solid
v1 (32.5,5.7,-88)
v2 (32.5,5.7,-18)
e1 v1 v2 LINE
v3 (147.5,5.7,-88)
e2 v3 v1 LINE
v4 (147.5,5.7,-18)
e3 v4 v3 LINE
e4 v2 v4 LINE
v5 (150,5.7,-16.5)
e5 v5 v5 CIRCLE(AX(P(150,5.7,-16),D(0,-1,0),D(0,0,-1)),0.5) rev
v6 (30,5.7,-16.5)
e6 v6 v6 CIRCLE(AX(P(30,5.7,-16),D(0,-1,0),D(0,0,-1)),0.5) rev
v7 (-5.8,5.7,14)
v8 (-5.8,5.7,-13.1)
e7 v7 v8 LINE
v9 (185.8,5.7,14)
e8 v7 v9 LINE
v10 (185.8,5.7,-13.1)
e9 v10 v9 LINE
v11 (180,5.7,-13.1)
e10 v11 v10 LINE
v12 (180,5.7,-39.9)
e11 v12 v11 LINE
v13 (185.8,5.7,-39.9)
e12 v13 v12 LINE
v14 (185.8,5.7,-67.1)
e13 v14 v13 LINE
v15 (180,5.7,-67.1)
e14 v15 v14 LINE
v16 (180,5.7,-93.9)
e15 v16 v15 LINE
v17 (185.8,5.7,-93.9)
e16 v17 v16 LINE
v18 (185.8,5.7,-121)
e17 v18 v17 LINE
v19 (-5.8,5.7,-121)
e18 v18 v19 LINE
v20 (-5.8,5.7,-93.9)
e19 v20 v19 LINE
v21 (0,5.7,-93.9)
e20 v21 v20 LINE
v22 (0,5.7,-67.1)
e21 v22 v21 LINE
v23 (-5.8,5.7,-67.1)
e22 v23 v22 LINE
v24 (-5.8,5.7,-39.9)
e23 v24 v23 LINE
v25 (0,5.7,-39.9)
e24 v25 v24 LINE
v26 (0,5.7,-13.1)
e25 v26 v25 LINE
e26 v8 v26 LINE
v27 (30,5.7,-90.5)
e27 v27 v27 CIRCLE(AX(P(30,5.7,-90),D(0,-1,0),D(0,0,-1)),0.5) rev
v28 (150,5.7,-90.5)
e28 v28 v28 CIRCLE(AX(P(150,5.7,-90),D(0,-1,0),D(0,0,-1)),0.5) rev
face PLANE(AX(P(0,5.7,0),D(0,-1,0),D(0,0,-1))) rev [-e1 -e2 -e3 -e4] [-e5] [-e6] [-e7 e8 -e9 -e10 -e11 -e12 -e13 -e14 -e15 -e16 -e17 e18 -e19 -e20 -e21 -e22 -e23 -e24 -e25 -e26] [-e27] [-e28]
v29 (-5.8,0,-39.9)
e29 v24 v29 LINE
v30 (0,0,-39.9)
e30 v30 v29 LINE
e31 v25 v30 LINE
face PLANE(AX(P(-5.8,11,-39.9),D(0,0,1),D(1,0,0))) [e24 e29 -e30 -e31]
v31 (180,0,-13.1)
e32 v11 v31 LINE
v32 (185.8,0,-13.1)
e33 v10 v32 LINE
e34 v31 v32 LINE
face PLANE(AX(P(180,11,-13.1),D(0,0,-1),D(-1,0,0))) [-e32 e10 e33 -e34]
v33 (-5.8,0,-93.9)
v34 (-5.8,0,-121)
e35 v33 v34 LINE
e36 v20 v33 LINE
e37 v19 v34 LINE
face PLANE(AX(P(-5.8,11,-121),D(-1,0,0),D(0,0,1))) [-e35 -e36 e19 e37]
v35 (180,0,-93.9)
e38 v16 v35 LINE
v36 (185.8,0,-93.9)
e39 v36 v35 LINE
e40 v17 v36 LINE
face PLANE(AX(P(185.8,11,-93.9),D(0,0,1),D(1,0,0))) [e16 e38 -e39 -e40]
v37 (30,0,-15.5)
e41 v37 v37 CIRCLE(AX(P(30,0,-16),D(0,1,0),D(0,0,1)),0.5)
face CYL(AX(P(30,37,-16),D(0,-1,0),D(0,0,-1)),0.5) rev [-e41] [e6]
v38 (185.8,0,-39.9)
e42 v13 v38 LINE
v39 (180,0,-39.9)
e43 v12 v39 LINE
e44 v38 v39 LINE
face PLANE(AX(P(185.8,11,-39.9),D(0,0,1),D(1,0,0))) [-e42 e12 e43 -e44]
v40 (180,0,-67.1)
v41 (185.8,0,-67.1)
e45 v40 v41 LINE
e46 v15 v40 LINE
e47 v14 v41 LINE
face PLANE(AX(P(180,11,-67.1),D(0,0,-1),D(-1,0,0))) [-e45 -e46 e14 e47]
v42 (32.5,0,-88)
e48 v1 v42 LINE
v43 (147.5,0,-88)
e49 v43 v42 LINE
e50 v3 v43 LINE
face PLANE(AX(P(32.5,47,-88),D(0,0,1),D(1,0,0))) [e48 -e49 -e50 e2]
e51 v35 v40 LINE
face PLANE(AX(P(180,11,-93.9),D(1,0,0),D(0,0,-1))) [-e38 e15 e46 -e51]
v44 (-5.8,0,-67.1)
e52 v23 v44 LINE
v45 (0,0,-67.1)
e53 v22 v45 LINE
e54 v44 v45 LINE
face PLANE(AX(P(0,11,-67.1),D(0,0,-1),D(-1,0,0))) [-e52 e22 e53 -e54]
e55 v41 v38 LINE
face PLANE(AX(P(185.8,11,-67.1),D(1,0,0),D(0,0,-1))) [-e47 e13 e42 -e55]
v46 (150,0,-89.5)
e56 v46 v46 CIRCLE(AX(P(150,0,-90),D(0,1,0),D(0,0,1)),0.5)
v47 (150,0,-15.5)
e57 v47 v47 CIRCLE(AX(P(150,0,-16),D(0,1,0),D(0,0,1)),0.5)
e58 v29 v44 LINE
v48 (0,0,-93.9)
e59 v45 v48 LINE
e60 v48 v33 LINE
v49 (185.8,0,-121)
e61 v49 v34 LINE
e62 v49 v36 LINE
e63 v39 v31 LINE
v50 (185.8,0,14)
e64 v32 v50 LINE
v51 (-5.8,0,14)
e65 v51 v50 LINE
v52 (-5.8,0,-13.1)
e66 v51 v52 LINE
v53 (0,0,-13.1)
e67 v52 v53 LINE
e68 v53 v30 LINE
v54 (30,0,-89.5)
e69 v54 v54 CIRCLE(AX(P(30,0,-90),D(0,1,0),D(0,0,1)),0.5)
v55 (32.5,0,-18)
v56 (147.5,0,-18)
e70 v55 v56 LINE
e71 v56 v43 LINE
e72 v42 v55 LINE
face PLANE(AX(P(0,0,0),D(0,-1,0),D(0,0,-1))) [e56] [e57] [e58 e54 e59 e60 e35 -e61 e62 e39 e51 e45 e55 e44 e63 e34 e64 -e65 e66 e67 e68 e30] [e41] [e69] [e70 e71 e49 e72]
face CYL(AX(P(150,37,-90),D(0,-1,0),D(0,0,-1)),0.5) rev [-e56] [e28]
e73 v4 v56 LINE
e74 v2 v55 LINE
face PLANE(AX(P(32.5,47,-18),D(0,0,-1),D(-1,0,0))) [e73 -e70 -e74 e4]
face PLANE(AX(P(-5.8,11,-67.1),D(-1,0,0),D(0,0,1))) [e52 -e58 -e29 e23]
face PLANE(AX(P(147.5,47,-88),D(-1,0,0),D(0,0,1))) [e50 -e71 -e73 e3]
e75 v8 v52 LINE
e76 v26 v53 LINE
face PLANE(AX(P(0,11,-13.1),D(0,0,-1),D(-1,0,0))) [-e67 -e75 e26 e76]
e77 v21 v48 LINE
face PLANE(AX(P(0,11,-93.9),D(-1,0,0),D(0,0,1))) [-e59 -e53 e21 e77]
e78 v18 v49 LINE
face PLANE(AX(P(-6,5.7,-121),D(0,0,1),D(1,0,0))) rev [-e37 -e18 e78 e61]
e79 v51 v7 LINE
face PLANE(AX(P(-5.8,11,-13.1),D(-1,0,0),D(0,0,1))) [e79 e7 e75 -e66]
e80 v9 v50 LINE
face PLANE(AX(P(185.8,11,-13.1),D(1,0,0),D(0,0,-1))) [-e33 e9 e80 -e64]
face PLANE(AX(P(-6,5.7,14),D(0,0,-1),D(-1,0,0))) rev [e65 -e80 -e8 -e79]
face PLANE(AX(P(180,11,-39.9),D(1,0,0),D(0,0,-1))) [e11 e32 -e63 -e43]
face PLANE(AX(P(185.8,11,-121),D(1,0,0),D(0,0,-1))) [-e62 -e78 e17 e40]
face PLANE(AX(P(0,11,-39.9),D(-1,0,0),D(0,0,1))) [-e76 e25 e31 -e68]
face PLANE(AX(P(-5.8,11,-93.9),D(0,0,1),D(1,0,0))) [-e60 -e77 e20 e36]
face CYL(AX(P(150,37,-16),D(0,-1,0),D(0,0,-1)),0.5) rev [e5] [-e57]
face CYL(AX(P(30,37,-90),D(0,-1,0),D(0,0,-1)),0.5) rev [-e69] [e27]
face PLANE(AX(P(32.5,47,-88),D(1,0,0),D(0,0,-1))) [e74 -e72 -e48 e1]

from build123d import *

# Parameters (mm, degrees)
SKETCH3_W           = 192
SKETCH3_H           = 135
BOSS_EXTRUDE1_DEPTH = 5.7
SKETCH9_W           = 115
SKETCH9_H           = 70
CUT_EXTRUDE2_DEPTH  = 47
SKETCH12_R          = 0.5
CUT_EXTRUDE3_DEPTH  = 37
CUT_EXTRUDE4_DEPTH  = 11


with BuildPart() as part:
    # Sketch3 → Boss-Extrude1 (new body)
    with BuildSketch(Plane(origin=(0, 0, 0), x_dir=(1, 0, 0), z_dir=(0, 1, 0))):
        with Locations((90, 53.5)):
            Rectangle(SKETCH3_W, SKETCH3_H)
    extrude(amount=BOSS_EXTRUDE1_DEPTH)

    # Sketch9 → Cut-Extrude2 (cut)
    with BuildSketch(Plane(origin=(0, 0, 0), x_dir=(1, 0, 0), z_dir=(0, 1, 0))):
        with Locations((90, 53)):
            Rectangle(SKETCH9_W, SKETCH9_H)
    extrude(amount=CUT_EXTRUDE2_DEPTH, mode=Mode.SUBTRACT)

    # Sketch12 → Cut-Extrude3 (cut)
    with BuildSketch(Plane(origin=(0, 0, 0), x_dir=(1, 0, 0), z_dir=(0, 1, 0))):
        with Locations((30, 90)):
            Circle(SKETCH12_R)
        with Locations((30, 16)):
            Circle(SKETCH12_R)
        with Locations((150, 16)):
            Circle(SKETCH12_R)
        with Locations((150, 90)):
            Circle(SKETCH12_R)
    extrude(amount=CUT_EXTRUDE3_DEPTH, mode=Mode.SUBTRACT)

    # Sketch13 → Cut-Extrude4 (cut)
    with BuildSketch(Plane(origin=(0, 0, 0), x_dir=(1, 0, 0), z_dir=(0, 1, 0))):
        Polygon((-5.8, 121), (-5.8, 93.9), (0, 93.9), (0, 67.1), (-5.8, 67.1), (-5.8, 39.9), (0, 39.9), (0, 13.1), (-5.8, 13.1), (-5.8, -14), (-9.8, -14), (-9.8, 121), align=None)
        Polygon((189.8, 121), (185.8, 121), (185.8, 93.9), (180, 93.9), (180, 67.1), (185.8, 67.1), (185.8, 39.9), (180, 39.9), (180, 13.1), (185.8, 13.1), (185.8, -14), (189.8, -14), align=None)
    extrude(amount=CUT_EXTRUDE4_DEPTH, mode=Mode.SUBTRACT)


solid = part.part
